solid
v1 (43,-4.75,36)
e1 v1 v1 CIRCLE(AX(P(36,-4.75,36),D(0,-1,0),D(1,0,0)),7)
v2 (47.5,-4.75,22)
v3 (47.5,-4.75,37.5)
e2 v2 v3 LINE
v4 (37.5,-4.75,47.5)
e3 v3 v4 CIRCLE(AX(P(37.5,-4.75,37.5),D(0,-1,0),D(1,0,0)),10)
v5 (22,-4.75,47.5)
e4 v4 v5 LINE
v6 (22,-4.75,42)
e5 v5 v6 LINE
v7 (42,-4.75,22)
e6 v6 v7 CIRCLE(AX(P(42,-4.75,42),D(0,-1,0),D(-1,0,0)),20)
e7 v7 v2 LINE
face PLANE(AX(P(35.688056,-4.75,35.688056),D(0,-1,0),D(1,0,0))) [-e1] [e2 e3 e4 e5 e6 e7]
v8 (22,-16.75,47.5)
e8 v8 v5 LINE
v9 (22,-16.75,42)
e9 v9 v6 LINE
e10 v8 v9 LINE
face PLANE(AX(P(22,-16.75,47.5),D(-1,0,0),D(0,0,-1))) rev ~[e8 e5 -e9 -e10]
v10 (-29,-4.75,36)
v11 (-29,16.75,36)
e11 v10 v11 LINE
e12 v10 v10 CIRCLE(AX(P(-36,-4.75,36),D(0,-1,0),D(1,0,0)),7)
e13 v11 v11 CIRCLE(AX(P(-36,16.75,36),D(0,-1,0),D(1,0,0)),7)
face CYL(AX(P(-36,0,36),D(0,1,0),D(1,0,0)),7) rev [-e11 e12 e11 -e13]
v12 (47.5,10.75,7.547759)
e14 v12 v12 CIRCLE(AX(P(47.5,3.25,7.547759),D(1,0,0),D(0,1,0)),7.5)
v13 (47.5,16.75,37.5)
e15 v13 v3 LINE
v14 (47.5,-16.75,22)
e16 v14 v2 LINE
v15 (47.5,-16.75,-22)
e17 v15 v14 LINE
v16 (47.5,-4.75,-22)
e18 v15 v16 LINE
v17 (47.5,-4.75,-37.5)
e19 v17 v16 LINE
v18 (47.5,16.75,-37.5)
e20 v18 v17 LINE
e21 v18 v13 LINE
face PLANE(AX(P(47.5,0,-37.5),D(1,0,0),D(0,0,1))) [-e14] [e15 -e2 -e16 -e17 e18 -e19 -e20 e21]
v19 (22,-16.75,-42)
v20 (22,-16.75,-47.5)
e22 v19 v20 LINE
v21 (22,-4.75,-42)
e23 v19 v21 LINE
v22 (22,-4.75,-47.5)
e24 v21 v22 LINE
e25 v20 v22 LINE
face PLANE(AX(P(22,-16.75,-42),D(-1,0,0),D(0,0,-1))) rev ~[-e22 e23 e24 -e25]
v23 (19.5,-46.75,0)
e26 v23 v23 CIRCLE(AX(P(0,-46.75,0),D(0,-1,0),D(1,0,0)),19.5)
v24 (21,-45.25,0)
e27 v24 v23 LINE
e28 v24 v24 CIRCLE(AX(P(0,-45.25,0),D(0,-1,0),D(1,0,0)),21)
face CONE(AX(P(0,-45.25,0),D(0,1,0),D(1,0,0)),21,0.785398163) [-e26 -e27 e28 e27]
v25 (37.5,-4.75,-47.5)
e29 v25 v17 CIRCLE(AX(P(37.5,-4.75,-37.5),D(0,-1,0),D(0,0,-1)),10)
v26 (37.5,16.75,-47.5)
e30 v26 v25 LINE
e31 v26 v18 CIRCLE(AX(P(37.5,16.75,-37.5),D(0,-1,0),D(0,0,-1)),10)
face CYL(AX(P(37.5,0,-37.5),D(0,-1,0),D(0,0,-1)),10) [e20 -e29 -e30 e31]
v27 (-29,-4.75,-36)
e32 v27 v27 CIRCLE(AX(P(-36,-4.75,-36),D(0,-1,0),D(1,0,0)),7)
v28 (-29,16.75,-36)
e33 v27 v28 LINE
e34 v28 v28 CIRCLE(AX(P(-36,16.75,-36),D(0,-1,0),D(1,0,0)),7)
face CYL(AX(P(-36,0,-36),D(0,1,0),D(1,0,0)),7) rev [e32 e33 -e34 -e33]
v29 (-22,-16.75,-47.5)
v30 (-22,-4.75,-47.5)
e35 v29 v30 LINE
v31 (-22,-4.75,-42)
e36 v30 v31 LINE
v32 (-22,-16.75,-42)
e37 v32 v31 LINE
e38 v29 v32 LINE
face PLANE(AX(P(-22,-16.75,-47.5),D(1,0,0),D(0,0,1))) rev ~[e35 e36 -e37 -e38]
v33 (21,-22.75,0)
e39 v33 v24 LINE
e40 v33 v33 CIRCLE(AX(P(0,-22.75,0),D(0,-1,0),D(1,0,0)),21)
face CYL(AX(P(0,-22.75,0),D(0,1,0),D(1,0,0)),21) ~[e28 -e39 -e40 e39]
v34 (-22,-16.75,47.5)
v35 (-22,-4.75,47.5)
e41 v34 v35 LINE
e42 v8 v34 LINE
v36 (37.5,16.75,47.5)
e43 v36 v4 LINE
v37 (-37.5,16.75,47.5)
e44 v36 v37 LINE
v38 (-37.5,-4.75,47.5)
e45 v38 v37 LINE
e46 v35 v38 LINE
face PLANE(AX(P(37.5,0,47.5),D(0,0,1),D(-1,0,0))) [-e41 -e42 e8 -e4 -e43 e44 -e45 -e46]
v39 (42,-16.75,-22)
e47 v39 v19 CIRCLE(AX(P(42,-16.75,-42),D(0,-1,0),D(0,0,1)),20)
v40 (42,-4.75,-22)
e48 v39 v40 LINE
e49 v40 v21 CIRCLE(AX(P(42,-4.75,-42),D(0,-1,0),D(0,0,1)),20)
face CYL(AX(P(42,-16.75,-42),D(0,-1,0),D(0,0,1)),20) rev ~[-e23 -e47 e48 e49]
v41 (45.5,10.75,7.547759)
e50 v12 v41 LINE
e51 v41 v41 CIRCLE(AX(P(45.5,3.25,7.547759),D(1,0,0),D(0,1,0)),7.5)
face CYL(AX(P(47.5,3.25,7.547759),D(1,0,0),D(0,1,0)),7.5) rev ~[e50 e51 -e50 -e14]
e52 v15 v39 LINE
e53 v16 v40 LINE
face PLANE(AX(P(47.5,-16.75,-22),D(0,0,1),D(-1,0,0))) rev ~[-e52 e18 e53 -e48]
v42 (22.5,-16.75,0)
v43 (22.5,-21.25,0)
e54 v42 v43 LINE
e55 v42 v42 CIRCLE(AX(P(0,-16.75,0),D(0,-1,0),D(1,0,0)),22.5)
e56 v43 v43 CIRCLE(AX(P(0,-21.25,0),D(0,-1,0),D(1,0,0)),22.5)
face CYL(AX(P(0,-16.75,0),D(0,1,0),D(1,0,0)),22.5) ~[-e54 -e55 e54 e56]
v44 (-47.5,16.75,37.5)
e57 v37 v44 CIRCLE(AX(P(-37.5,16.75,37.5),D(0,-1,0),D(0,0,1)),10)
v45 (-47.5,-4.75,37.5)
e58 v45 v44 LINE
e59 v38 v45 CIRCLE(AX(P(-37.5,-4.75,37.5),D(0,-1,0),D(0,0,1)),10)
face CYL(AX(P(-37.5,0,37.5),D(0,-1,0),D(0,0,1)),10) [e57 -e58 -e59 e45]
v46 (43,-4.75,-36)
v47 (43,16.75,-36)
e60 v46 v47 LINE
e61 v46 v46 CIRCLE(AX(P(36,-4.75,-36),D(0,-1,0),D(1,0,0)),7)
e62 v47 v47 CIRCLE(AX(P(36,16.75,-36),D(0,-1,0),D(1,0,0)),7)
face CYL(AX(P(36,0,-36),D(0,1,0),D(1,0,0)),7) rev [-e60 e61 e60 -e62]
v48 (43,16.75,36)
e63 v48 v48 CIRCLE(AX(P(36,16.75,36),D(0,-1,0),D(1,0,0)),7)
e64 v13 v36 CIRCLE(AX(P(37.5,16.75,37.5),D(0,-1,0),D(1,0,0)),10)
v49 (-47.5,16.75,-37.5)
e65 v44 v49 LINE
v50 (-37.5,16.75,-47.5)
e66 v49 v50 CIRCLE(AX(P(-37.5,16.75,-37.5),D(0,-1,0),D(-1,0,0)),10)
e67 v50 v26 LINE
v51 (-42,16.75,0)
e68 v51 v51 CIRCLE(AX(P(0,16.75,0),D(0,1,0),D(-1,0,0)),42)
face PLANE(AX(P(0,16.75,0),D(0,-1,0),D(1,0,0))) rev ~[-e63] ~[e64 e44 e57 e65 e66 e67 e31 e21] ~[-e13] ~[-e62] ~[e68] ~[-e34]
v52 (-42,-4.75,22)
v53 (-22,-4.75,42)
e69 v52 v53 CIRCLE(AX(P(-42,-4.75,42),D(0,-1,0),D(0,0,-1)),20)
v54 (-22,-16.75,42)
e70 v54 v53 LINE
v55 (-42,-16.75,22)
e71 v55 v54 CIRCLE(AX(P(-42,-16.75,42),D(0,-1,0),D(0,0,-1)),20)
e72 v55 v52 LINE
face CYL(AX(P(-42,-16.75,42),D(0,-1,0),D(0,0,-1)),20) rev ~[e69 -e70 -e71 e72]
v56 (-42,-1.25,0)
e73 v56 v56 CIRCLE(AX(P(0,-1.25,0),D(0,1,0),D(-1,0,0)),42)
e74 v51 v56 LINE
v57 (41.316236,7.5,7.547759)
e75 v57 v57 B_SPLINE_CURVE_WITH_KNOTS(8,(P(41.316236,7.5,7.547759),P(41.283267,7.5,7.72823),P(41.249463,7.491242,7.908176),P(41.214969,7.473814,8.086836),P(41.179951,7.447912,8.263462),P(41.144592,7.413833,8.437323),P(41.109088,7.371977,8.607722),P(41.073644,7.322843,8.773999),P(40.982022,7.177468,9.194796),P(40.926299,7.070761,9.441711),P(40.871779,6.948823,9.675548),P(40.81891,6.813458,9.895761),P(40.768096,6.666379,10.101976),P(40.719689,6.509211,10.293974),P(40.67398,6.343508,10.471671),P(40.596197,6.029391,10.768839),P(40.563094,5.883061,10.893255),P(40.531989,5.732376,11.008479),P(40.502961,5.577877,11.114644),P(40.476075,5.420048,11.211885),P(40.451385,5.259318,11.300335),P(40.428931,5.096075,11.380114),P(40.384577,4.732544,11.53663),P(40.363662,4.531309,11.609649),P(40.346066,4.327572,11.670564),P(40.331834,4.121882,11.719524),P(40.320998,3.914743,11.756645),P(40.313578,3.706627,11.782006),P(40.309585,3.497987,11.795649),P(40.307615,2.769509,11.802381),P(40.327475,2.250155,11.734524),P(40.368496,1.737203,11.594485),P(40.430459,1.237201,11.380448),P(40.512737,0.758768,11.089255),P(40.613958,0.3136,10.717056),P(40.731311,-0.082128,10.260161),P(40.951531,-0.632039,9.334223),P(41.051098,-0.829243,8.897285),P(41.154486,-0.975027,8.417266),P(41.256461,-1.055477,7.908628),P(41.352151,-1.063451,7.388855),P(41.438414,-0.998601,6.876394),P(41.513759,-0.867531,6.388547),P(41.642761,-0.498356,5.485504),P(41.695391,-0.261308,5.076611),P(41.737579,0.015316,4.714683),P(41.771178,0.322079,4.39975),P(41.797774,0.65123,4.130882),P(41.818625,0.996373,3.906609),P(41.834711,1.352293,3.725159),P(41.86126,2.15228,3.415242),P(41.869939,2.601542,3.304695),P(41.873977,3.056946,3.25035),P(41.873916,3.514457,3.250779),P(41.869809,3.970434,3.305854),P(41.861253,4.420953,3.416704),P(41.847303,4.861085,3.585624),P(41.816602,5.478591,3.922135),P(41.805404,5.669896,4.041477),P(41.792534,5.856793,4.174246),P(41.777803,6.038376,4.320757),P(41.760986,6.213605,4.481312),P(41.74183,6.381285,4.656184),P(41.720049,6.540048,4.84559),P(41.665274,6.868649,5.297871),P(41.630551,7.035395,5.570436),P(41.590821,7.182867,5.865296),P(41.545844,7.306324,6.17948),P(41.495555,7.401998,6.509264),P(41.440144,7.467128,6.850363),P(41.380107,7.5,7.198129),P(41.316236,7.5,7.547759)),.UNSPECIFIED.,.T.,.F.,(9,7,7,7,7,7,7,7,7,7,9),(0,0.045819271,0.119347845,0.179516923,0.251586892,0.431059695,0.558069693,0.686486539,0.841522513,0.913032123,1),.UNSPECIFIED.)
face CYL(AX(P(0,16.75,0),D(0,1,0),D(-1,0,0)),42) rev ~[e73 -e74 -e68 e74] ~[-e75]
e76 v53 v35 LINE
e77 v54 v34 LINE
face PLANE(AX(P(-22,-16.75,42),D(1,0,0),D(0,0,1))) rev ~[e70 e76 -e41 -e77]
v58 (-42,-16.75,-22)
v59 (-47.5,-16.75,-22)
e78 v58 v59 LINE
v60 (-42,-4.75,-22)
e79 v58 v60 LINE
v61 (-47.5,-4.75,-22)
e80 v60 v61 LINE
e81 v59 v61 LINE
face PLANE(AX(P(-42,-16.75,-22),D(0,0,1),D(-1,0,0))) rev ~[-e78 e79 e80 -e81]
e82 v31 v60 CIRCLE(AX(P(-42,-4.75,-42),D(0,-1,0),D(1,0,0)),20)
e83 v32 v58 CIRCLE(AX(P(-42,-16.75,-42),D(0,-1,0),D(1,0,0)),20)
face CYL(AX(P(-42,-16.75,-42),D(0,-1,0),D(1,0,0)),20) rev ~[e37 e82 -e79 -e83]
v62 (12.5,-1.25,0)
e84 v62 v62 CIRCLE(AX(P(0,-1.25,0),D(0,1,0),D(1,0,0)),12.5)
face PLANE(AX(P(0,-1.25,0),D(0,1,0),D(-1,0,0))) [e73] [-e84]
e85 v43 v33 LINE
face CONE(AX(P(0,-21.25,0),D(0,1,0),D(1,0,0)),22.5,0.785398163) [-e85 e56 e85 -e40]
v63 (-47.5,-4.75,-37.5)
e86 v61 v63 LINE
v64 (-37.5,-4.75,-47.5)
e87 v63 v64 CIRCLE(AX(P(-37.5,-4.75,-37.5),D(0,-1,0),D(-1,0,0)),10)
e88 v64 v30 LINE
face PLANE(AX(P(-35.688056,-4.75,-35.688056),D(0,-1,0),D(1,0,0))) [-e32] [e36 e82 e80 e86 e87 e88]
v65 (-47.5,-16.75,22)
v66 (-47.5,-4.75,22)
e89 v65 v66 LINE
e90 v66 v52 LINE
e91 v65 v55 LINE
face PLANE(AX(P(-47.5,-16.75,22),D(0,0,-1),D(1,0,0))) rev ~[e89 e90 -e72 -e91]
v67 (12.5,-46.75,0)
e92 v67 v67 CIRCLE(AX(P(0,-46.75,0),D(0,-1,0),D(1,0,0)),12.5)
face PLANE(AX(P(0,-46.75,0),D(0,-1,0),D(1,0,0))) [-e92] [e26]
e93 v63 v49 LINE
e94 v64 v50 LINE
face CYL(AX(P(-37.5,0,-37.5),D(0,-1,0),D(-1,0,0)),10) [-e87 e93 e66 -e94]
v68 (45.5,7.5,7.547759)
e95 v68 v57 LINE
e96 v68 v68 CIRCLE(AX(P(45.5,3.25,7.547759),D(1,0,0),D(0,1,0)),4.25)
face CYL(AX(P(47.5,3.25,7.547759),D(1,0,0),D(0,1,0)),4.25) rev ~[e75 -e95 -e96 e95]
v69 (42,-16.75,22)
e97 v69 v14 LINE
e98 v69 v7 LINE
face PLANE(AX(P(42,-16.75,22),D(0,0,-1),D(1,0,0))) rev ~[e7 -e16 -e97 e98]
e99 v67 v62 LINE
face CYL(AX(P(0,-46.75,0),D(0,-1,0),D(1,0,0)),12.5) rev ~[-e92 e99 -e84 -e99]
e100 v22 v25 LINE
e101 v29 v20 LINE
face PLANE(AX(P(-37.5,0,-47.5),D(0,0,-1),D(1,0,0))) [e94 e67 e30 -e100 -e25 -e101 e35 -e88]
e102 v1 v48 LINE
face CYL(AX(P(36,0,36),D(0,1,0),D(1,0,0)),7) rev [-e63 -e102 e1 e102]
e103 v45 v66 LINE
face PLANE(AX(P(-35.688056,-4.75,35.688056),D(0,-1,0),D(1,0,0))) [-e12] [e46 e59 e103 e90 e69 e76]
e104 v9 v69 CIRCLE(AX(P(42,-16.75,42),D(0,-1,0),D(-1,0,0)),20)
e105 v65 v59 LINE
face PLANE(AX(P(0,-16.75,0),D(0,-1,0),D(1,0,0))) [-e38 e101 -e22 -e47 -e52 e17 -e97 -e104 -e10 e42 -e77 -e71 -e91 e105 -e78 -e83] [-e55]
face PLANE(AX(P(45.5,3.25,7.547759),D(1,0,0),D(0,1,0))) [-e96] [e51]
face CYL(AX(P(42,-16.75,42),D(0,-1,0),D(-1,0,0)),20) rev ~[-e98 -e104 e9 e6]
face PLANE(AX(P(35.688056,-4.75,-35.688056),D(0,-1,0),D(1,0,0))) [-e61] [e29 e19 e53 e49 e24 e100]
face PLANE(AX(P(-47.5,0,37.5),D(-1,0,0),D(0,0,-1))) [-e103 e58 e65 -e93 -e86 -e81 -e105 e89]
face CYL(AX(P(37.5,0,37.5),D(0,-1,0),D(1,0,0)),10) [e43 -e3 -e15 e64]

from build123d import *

# Parameters (mm, degrees)
F0_R      = 7
F1_DEPTH  = 16.75
F2_R      = 7
F3_DEPTH  = 12
F4_R      = 22.5
F5_DEPTH  = 6
F6_SIZE   = 1.5
F7_R      = 21
F8_DEPTH  = 24
F9_SIZE   = 1.5
F10_R     = 12.5
F11_DEPTH = 63.501
F12_R     = 42
F12_R_2   = 12.5
F13_DEPTH = 18
F14_R     = 7.5
F14_R_2   = 4.25
F15_DEPTH = 2
F16_DEPTH = 9


with BuildPart() as f1:
    # F0 (on Front) → F1 (new body, symmetric)
    with BuildSketch(Plane.XZ):
        with BuildLine():
            Line((-37.5, -47.5), (37.5, -47.5))
            ThreePointArc((37.5, -47.5), (44.5710678119, -44.5710678119), (47.5, -37.5))
            Line((47.5, -37.5), (47.5, 37.5))
            ThreePointArc((47.5, 37.5), (44.5710678119, 44.5710678119), (37.5, 47.5))
            Line((37.5, 47.5), (-37.5, 47.5))
            ThreePointArc((-37.5, 47.5), (-44.5710678119, 44.5710678119), (-47.5, 37.5))
            Line((-47.5, 37.5), (-47.5, -37.5))
            ThreePointArc((-47.5, -37.5), (-44.5710678119, -44.5710678119), (-37.5, -47.5))
        make_face()
        with Locations((-36, -36)):
            Circle(F0_R, mode=Mode.SUBTRACT)
        with Locations((36, -36)):
            Circle(F0_R, mode=Mode.SUBTRACT)
        with Locations((-36, 36)):
            Circle(F0_R, mode=Mode.SUBTRACT)
        with Locations((36, 36)):
            Circle(F0_R, mode=Mode.SUBTRACT)
    extrude(amount=F1_DEPTH, both=True)

    # F2 (on face) → F3 (cut)
    with BuildSketch(Plane.XZ.offset(16.75)):
        with BuildLine():
            Line((22, -42), (22, -47.5))
            Line((22, -47.5), (37.5, -47.5))
            ThreePointArc((37.5, -47.5), (44.5710678119, -44.5710678119), (47.5, -37.5))
            Line((47.5, -37.5), (47.5, -22))
            Line((47.5, -22), (42, -22))
            ThreePointArc((42, -22), (27.8578643763, -27.8578643763), (22, -42))
        make_face()
        with Locations((36, -36)):
            Circle(F2_R, mode=Mode.SUBTRACT)
        with BuildLine():
            Line((37.5, 47.5), (22, 47.5))
            Line((22, 47.5), (22, 42))
            ThreePointArc((22, 42), (27.8578643763, 27.8578643763), (42, 22))
            Line((42, 22), (47.5, 22))
            Line((47.5, 22), (47.5, 37.5))
            ThreePointArc((47.5, 37.5), (44.5710678119, 44.5710678119), (37.5, 47.5))
        make_face()
        with Locations((36, 36)):
            Circle(F2_R, mode=Mode.SUBTRACT)
        with BuildLine():
            Line((-47.5, 37.5), (-47.5, 22))
            Line((-47.5, 22), (-42, 22))
            ThreePointArc((-42, 22), (-27.8578643763, 27.8578643763), (-22, 42))
            Line((-22, 42), (-22, 47.5))
            Line((-22, 47.5), (-37.5, 47.5))
            ThreePointArc((-37.5, 47.5), (-44.5710678119, 44.5710678119), (-47.5, 37.5))
        make_face()
        with Locations((-36, 36)):
            Circle(F2_R, mode=Mode.SUBTRACT)
        with BuildLine():
            Line((-42, -22), (-47.5, -22))
            Line((-47.5, -22), (-47.5, -37.5))
            ThreePointArc((-47.5, -37.5), (-44.5710678119, -44.5710678119), (-37.5, -47.5))
            Line((-37.5, -47.5), (-22, -47.5))
            Line((-22, -47.5), (-22, -42))
            ThreePointArc((-22, -42), (-27.8578643763, -27.8578643763), (-42, -22))
        make_face()
        with Locations((-36, -36)):
            Circle(F2_R, mode=Mode.SUBTRACT)
    extrude(amount=-F3_DEPTH, mode=Mode.SUBTRACT)

    # F4 (on face) → F5 (join)
    with BuildSketch(Plane.XZ.offset(16.75)):
        Circle(F4_R)
    extrude(amount=F5_DEPTH)

    # F6
    f6_edges = [f1.edges().sort_by_distance(p)[0] for p in [
        (-22.5, -22.75, 0),
    ]]
    chamfer(f6_edges, length=F6_SIZE)

    # F7 (on face) → F8 (join)
    with BuildSketch(Plane.XZ.offset(22.75)):
        Circle(F7_R)
    extrude(amount=F8_DEPTH)

    # F9
    f9_edges = [f1.edges().sort_by_distance(p)[0] for p in [
        (-21, -46.75, 0),
    ]]
    chamfer(f9_edges, length=F9_SIZE)

    # F10 (on face) → F11 (cut, through all)
    with BuildSketch(Plane.XZ.offset(46.75)):
        Circle(F10_R)
    extrude(amount=-F11_DEPTH, mode=Mode.SUBTRACT)

    # F12 (on face) → F13 (cut)
    with BuildSketch(Plane(origin=(0, 16.75, 0), x_dir=(-1, 0, 0), z_dir=(0, 1, 0))):
        Circle(F12_R)
        Circle(F12_R_2, mode=Mode.SUBTRACT)
    extrude(amount=-F13_DEPTH, mode=Mode.SUBTRACT)

    # F14 (on face) → F15 (cut)
    with BuildSketch(Plane.YZ.offset(47.5)):
        with Locations((3.25, 7.547759451)):
            Circle(F14_R)
        with Locations((3.25, 7.547759451)):
            Circle(F14_R_2, mode=Mode.SUBTRACT)
    extrude(amount=-F15_DEPTH, mode=Mode.SUBTRACT)

    # F16 (cut): a face of the model
    f16_faces = [f1.faces().sort_by_distance(p)[0] for p in [
        (47.5, 3.25, 7.547759451),
    ]]
    extrude(f16_faces, amount=-F16_DEPTH, mode=Mode.SUBTRACT)


solid = f1.part
